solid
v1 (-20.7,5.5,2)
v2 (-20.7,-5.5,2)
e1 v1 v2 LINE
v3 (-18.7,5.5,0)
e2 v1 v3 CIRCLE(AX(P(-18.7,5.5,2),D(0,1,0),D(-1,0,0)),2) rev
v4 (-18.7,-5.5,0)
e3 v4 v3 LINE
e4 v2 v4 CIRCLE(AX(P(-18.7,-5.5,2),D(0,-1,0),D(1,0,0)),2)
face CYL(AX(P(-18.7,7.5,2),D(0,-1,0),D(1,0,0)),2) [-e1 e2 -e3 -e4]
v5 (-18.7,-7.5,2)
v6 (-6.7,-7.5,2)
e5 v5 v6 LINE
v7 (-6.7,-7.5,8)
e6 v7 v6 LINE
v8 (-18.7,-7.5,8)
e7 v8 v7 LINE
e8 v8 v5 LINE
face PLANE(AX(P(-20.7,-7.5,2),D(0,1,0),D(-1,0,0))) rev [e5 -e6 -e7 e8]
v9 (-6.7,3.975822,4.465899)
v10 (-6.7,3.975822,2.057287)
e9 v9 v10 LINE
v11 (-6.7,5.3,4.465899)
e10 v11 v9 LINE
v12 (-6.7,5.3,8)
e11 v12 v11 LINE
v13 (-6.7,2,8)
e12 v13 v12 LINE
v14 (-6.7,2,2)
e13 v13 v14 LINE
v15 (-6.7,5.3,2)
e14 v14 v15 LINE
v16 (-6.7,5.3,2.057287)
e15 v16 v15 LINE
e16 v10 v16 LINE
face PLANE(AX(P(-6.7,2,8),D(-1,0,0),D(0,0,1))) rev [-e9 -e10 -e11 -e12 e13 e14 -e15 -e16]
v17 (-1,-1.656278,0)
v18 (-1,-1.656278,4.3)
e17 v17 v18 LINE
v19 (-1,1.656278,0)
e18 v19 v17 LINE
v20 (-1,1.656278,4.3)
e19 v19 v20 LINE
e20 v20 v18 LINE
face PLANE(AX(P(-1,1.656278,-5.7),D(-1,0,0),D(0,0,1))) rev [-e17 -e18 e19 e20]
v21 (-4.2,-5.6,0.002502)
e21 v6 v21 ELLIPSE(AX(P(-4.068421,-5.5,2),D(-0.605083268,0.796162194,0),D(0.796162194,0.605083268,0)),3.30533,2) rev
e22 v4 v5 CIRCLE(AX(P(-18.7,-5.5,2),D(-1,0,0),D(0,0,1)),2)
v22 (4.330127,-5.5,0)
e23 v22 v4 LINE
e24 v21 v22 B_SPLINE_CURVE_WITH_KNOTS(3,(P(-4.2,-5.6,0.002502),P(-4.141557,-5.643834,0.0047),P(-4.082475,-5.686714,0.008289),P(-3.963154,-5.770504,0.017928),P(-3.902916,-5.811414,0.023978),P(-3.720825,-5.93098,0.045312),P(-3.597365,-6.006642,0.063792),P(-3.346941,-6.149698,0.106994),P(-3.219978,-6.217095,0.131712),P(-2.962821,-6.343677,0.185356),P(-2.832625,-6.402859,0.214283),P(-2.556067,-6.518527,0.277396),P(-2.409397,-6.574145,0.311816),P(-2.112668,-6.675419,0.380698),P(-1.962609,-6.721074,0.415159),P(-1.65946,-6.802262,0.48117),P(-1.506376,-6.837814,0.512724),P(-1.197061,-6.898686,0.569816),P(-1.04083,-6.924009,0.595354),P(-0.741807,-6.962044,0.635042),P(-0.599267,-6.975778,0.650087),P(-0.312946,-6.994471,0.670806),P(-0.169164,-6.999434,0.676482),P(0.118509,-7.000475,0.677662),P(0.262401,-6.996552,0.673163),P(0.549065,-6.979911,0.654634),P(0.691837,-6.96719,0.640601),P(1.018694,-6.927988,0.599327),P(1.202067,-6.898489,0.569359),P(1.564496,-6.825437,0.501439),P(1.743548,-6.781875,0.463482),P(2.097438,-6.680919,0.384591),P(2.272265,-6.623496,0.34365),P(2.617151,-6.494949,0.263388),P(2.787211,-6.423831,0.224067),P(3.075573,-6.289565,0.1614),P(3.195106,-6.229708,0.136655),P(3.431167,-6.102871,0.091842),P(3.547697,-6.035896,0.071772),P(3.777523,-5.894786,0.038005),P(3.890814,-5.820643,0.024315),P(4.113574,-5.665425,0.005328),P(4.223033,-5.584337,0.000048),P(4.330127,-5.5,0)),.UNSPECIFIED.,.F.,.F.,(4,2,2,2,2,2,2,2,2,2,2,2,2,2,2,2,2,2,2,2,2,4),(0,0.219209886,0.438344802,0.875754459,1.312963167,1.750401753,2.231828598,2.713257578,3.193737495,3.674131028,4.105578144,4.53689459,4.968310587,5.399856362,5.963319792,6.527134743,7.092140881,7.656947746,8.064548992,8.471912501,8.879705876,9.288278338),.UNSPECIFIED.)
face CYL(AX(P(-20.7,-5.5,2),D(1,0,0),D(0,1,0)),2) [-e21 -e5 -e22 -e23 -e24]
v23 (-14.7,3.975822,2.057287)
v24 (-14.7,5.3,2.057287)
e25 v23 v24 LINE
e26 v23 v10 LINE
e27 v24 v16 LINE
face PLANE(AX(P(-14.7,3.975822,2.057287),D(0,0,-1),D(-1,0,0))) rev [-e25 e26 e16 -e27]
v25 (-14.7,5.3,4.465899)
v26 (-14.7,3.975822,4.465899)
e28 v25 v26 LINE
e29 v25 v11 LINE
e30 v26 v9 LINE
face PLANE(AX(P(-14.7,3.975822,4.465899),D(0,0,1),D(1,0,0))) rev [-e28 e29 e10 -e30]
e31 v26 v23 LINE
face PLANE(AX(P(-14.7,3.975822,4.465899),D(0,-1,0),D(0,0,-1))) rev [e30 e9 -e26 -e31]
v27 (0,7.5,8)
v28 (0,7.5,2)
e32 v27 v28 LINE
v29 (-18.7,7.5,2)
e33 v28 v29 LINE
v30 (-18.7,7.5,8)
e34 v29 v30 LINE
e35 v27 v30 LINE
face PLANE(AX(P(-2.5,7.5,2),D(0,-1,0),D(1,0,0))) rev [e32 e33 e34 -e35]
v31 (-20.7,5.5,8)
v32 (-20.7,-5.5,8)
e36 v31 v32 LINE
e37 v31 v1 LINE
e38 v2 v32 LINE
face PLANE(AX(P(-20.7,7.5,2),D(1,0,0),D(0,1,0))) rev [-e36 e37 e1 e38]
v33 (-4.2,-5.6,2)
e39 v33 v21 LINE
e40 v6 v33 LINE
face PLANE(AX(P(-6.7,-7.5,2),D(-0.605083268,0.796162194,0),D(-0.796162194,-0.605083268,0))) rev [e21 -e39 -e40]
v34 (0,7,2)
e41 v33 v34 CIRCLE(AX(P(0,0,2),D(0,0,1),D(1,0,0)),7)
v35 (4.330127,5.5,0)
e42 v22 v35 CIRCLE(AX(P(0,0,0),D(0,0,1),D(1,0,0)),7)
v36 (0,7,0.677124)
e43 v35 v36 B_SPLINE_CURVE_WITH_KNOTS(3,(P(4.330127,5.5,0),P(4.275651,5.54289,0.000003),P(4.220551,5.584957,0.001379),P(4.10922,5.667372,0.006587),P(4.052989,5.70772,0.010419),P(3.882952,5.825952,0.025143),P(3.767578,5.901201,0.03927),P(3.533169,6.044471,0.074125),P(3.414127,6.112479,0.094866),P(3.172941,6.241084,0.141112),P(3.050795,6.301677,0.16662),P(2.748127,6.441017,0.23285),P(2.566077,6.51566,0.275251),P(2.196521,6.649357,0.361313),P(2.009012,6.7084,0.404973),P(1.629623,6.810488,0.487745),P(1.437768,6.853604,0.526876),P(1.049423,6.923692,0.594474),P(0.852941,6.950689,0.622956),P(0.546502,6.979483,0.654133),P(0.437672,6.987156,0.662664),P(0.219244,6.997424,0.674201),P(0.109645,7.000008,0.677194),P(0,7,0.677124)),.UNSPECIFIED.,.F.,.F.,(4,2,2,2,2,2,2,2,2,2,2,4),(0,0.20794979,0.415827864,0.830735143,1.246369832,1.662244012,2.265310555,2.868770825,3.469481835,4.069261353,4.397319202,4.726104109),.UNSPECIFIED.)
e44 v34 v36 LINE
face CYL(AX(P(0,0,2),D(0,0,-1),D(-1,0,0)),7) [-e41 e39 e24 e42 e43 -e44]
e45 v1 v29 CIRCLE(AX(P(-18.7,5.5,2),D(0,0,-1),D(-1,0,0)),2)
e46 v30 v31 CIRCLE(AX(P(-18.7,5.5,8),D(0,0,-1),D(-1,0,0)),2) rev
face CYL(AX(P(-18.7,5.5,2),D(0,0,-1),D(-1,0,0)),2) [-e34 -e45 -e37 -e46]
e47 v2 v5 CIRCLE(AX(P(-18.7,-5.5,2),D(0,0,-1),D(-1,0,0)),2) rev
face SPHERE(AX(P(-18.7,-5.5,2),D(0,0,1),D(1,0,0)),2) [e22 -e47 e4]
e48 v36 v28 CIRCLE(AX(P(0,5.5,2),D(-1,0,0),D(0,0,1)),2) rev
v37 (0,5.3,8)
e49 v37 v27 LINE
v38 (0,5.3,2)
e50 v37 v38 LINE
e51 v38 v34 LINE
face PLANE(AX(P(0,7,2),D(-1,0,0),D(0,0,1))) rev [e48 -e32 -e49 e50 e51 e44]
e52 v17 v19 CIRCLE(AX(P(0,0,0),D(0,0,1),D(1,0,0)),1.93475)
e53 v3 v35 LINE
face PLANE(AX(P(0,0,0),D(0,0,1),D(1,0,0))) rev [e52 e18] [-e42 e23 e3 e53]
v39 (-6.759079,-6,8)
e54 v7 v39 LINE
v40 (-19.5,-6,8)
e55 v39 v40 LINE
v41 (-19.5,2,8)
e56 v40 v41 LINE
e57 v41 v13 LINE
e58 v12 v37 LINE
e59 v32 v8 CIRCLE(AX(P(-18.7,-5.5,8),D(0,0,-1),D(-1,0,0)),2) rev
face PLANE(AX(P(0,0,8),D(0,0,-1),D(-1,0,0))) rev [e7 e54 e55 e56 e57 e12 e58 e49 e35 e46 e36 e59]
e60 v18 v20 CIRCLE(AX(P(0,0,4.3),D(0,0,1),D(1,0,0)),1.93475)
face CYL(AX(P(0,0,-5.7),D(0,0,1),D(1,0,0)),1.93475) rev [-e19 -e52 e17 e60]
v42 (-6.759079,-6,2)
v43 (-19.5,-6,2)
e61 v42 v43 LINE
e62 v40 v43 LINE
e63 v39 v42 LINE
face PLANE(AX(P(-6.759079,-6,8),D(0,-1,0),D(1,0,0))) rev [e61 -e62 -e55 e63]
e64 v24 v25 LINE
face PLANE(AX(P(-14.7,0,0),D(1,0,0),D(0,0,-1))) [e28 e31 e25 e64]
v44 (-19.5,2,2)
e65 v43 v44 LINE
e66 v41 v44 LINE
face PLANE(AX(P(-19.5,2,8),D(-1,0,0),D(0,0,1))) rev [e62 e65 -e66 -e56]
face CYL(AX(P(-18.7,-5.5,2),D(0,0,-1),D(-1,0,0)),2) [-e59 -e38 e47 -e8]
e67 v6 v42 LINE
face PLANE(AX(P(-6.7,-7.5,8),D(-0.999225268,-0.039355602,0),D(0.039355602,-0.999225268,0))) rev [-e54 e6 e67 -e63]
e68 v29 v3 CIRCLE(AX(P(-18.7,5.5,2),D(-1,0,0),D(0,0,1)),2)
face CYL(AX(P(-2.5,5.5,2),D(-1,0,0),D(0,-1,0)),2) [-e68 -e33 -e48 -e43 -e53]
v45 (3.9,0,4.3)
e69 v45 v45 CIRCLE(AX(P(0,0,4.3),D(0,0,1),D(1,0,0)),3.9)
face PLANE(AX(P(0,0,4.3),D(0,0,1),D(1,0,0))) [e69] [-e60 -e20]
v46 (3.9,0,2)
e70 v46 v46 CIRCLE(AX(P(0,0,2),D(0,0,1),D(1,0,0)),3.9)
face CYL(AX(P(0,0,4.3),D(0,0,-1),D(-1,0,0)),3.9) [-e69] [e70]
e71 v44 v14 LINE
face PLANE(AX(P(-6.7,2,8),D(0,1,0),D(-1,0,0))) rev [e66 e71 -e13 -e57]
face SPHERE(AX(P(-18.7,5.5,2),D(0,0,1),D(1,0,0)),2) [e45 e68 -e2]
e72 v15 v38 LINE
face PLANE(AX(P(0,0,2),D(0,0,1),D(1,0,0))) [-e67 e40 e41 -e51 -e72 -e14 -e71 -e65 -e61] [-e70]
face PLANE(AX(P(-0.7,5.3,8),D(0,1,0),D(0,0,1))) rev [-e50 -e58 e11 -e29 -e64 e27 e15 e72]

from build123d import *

# Parameters (mm, degrees)
BOSS_EXTRUDE1_DEPTH = 2
BOSS_EXTRUDE2_DEPTH = 6
SKETCH24_R          = 3.9
BOSS_EXTRUDE5_DEPTH = 2.3
SKETCH30_W          = 2.408612022
SKETCH30_H          = 1.324178481
CUT_EXTRUDE12_DEPTH = 8
FILLET2_R           = 2
CUT_EXTRUDE11_DEPTH = 10


with BuildPart() as part:
    # Sketch2 → Boss-Extrude1 (new body)
    with BuildSketch(Plane.XY):
        with BuildLine():
            Line((-2.5, 7.5), (-20.7, 7.5))
            Line((-20.7, 7.5), (-20.7, -7.5))
            Line((-20.7, -7.5), (-6.7, -7.5))
            Line((-6.7, -7.5), (-4.2, -5.6))
            ThreePointArc((-4.2, -5.6), (3.130495168, -6.260990337), (7, 0))
            ThreePointArc((7, 0), (4.949747468, 4.949747468), (0, 7))
            Line((0, 7), (0, 7.5))
            Line((0, 7.5), (-2.5, 7.5))
        make_face()
    extrude(amount=BOSS_EXTRUDE1_DEPTH)

    # Sketch4 → Boss-Extrude2 (add)
    with BuildSketch(Plane.XY.offset(2)):
        Polygon((-20.7, -7.5), (-20.7, 7.5), (-0.7, 7.5), (0, 7.5), (0, 5.3), (-0.7, 5.3), (-6.7, 5.3), (-6.7, 2), (-19.5, 2), (-19.5, -6), (-6.759079174, -6), (-6.7, -7.5), (-19.292624541, -7.5), align=None)
    extrude(amount=BOSS_EXTRUDE2_DEPTH)

    # Sketch24 → Boss-Extrude5 (add)
    with BuildSketch(Plane.XY.offset(2)):
        Circle(SKETCH24_R)
    extrude(amount=BOSS_EXTRUDE5_DEPTH)

    # Sketch30 → Cut-Extrude12 (cut)
    with BuildSketch(Plane(origin=(-6.7, 0, 0), x_dir=(0, 0, -1), z_dir=(1, 0, 0))):
        with Locations((-3.261593395, 4.63791076)):
            Rectangle(SKETCH30_W, SKETCH30_H)
    extrude(amount=-CUT_EXTRUDE12_DEPTH, mode=Mode.SUBTRACT)

    # Fillet2
    fillet2_edges = [part.edges().sort_by_distance(p)[0] for p in [
        (-20.7, 0, 0),
        (-20.7, 7.5, 4),
        (-13.7, -7.5, 0),
        (-10.35, 7.5, 0),
        (-20.7, -7.5, 4),
    ]]
    fillet(fillet2_edges, radius=FILLET2_R)

    # Sketch28 → Cut-Extrude11 (cut)
    with BuildSketch(Plane.XY.offset(4.3)):
        with BuildLine():
            Line((-1, 1.656278148), (-1, -1.656278148))
            ThreePointArc((-1, -1.656278148), (1.934749933, 0), (-1, 1.656278148))
        make_face()
    extrude(amount=-CUT_EXTRUDE11_DEPTH, mode=Mode.SUBTRACT)


solid = part.part
